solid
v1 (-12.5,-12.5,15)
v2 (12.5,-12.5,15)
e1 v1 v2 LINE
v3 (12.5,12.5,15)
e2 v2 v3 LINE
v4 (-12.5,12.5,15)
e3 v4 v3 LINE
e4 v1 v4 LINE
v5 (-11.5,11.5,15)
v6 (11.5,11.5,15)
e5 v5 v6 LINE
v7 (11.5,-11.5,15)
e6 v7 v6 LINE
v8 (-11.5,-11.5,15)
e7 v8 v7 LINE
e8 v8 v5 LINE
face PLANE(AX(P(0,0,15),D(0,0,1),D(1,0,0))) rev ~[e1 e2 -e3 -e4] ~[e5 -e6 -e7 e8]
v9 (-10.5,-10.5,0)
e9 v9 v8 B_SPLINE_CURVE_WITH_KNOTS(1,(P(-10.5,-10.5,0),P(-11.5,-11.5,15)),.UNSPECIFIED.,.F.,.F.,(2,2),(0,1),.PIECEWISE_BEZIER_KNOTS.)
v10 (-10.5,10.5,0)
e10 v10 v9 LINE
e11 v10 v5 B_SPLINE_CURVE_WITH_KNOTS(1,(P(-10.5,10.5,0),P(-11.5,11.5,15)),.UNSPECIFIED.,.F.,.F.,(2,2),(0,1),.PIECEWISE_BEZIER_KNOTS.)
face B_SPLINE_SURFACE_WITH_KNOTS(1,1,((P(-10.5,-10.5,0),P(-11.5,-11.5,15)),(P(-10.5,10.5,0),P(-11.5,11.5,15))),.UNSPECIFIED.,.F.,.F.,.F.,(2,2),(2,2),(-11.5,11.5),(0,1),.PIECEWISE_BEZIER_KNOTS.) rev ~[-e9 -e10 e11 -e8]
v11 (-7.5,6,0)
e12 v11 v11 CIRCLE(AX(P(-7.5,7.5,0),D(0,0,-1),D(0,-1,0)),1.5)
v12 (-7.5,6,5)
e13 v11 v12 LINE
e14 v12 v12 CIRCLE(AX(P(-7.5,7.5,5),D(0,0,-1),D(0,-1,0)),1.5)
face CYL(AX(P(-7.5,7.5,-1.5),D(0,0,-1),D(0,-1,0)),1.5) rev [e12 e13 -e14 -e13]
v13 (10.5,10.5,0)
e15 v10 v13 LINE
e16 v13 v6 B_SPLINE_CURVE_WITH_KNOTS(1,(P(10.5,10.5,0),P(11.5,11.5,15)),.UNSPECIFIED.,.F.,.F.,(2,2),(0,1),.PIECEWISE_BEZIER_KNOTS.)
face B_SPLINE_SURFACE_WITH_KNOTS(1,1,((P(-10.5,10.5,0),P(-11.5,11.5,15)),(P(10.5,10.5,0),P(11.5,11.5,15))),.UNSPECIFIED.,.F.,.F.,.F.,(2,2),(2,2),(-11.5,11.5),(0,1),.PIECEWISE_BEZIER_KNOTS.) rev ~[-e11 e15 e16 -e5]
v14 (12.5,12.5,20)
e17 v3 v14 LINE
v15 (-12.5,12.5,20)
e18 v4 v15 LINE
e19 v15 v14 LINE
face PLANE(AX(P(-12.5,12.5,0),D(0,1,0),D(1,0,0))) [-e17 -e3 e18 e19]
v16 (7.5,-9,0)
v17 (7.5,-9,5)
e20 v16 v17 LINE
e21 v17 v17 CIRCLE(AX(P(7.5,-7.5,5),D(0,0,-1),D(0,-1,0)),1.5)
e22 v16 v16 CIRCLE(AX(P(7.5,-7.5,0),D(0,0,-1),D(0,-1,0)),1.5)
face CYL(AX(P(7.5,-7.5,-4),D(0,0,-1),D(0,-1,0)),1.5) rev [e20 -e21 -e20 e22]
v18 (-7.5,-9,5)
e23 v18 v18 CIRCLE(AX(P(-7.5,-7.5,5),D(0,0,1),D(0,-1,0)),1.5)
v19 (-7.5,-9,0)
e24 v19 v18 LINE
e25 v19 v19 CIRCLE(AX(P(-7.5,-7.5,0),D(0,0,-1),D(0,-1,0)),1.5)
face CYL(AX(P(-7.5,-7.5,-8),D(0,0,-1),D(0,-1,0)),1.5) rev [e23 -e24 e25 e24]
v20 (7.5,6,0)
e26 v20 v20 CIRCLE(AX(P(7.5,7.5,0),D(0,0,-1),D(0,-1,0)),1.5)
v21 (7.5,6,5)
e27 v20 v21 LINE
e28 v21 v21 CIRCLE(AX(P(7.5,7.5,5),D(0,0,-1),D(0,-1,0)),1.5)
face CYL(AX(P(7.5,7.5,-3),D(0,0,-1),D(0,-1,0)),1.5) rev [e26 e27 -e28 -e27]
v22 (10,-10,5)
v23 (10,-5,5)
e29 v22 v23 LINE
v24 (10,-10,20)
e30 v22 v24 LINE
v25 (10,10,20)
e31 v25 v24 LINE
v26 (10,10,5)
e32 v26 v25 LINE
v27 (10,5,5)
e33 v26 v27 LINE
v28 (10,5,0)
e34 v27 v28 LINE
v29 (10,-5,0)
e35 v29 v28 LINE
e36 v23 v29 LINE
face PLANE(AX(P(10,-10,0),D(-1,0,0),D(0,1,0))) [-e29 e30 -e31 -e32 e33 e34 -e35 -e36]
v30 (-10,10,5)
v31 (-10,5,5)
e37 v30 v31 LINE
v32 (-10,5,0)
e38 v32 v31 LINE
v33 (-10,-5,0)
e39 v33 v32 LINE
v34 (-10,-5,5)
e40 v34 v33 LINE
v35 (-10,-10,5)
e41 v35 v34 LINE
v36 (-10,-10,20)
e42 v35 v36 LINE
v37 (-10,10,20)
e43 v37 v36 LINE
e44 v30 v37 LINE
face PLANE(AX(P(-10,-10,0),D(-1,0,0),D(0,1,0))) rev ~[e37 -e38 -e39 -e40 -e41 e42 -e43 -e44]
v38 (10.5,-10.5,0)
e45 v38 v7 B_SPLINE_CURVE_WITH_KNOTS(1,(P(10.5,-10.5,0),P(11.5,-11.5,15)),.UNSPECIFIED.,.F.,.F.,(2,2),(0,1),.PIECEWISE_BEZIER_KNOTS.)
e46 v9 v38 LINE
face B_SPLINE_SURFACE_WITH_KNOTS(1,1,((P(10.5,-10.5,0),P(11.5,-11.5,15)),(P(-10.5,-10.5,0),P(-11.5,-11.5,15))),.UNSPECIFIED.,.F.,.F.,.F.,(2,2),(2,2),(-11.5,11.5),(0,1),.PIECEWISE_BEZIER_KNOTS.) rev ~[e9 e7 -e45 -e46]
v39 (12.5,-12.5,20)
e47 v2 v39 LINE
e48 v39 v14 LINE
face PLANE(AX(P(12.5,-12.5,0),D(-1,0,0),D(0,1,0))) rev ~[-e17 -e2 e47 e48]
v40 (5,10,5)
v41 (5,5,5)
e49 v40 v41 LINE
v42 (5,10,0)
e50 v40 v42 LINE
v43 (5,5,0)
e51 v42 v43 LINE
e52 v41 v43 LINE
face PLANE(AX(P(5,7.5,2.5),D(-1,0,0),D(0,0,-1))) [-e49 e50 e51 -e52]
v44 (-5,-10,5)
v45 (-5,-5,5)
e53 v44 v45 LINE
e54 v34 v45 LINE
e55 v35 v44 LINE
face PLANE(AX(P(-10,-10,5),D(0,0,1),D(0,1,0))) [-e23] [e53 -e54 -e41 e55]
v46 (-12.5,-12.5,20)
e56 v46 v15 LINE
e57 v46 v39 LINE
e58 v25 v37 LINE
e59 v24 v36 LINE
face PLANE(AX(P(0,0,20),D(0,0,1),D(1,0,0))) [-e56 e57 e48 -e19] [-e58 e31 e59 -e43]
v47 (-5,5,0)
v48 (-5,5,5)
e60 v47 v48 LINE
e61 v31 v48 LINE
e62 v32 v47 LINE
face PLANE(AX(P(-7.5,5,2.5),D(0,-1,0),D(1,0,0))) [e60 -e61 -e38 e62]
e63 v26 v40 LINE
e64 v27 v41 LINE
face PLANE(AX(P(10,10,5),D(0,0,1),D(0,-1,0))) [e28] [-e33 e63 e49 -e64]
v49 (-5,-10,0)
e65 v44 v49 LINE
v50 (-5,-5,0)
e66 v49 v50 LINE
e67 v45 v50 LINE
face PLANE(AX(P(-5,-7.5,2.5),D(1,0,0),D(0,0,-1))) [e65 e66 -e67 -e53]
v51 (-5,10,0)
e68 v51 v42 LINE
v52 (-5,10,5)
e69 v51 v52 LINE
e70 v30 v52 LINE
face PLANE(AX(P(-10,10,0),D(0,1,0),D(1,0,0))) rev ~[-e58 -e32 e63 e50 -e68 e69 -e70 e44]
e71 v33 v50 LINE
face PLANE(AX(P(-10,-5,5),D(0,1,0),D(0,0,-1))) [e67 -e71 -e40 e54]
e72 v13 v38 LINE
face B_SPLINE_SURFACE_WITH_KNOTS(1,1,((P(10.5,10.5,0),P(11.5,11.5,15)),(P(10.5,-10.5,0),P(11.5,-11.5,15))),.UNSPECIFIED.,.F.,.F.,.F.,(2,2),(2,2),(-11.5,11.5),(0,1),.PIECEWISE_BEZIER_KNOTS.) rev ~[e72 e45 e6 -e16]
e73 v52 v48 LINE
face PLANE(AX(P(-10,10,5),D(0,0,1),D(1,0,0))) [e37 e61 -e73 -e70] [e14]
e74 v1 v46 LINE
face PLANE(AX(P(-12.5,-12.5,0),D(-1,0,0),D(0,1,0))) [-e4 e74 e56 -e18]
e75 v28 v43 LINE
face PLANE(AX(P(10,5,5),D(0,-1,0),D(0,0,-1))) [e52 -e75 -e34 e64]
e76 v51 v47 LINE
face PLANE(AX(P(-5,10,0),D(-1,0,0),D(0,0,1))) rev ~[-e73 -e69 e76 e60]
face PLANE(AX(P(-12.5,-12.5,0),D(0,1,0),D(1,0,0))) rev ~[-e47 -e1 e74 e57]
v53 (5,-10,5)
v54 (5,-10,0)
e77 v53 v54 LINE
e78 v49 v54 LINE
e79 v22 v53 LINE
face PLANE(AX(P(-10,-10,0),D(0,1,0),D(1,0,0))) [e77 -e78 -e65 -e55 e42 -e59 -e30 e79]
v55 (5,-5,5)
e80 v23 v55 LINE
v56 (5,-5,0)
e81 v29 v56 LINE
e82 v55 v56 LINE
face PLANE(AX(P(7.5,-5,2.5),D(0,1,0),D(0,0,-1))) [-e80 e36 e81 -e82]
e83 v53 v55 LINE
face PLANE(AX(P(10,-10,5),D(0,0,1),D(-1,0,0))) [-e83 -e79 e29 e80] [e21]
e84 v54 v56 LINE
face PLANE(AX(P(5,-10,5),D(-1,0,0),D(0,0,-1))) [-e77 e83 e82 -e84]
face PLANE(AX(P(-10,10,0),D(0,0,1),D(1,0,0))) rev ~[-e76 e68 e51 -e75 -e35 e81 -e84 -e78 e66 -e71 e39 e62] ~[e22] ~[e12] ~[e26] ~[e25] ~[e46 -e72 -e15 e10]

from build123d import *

# Parameters (mm, degrees)
SKETCH_W          = 25
SKETCH_H          = 25
PAD_DEPTH         = 15
SKETCH002_W       = 21
SKETCH002_H       = 21
SKETCH001_W       = 23
SKETCH001_H       = 23
SKETCH004_W       = 25
SKETCH004_H       = 25
PAD001_DEPTH      = 20
BOX_W             = 20
BOX_H             = 20
BOX_DEPTH         = 21
BOX001_W          = 5
BOX001_H          = 5
BOX001_DEPTH      = 5
BOX002_W          = 5
BOX002_H          = 5
BOX002_DEPTH      = 5
BOX003_W          = 5
BOX003_H          = 5
BOX003_DEPTH      = 5
BOX004_W          = 5
BOX004_H          = 5
BOX004_DEPTH      = 5
CYLINDER_R        = 1.5
CYLINDER_DEPTH    = 10
CYLINDER001_R     = 1.5
CYLINDER001_DEPTH = 10
CYLINDER002_R     = 1.5
CYLINDER002_DEPTH = 10
CYLINDER003_R     = 1.5
CYLINDER003_DEPTH = 13


with BuildPart() as body:
    # Sketch → Pad (new body)
    with BuildSketch(Plane.XY):
        Rectangle(SKETCH_W, SKETCH_H)
    extrude(amount=PAD_DEPTH)

    # Sketch002 (on Face5 of Pad) → SubtractiveLoft section 0
    with BuildSketch(Plane(origin=(0, 0, 0), x_dir=(1, 0, 0), z_dir=(0, 0, -1))):
        Rectangle(SKETCH002_W, SKETCH002_H)
    # Sketch001 (on Face6 of Pad) → SubtractiveLoft section 1
    with BuildSketch(Plane.XY.offset(15)):
        Rectangle(SKETCH001_W, SKETCH001_H)
    loft(mode=Mode.SUBTRACT)


with BuildPart() as body001:
    # Sketch004 → Pad001 (new body)
    with BuildSketch(Plane.XY):
        Rectangle(SKETCH004_W, SKETCH004_H)
    extrude(amount=PAD001_DEPTH)

    # Boolean: cut Body
    add(body.part, mode=Mode.SUBTRACT)

    # Box → Box (cut)
    with BuildSketch(Plane(origin=(-10, -10, 0), x_dir=(1, 0, 0), z_dir=(0, 0, 1))):
        with Locations((10, 10)):
            Rectangle(BOX_W, BOX_H)
    extrude(amount=BOX_DEPTH, mode=Mode.SUBTRACT)

    # Box001 → Box001 (join)
    with BuildSketch(Plane(origin=(-10, 10, 0), x_dir=(1, 0, 0), z_dir=(0, -1, 0))):
        with Locations((2.5, 2.5)):
            Rectangle(BOX001_W, BOX001_H)
    extrude(amount=BOX001_DEPTH)

    # Box002 → Box002 (join)
    with BuildSketch(Plane(origin=(10, 10, 5), x_dir=(0, 0, -1), z_dir=(-1, 0, 0))):
        with Locations((2.5, 2.5)):
            Rectangle(BOX002_W, BOX002_H)
    extrude(amount=BOX002_DEPTH)

    # Box003 → Box003 (join)
    with BuildSketch(Plane(origin=(10, -10, 5), x_dir=(0, 0, -1), z_dir=(0, 1, 0))):
        with Locations((2.5, 2.5)):
            Rectangle(BOX003_W, BOX003_H)
    extrude(amount=BOX003_DEPTH)

    # Box004 → Box004 (join)
    with BuildSketch(Plane(origin=(-10, -10, 5), x_dir=(0, 0, -1), z_dir=(1, 0, 0))):
        with Locations((2.5, 2.5)):
            Rectangle(BOX004_W, BOX004_H)
    extrude(amount=BOX004_DEPTH)

    # Cylinder → Cylinder (cut)
    with BuildSketch(Plane(origin=(-7.5, 7.5, -1.5), x_dir=(0, -1, 0), z_dir=(0, 0, 1))):
        Circle(CYLINDER_R)
    extrude(amount=CYLINDER_DEPTH, mode=Mode.SUBTRACT)

    # Cylinder001 → Cylinder001 (cut)
    with BuildSketch(Plane(origin=(7.5, 7.5, -3), x_dir=(0, -1, 0), z_dir=(0, 0, 1))):
        Circle(CYLINDER001_R)
    extrude(amount=CYLINDER001_DEPTH, mode=Mode.SUBTRACT)

    # Cylinder002 → Cylinder002 (cut)
    with BuildSketch(Plane(origin=(7.5, -7.5, -4), x_dir=(0, -1, 0), z_dir=(0, 0, 1))):
        Circle(CYLINDER002_R)
    extrude(amount=CYLINDER002_DEPTH, mode=Mode.SUBTRACT)

    # Cylinder003 → Cylinder003 (cut)
    with BuildSketch(Plane(origin=(-7.5, -7.5, -8), x_dir=(0, -1, 0), z_dir=(0, 0, 1))):
        Circle(CYLINDER003_R)
    extrude(amount=CYLINDER003_DEPTH, mode=Mode.SUBTRACT)


solid = body001.part
